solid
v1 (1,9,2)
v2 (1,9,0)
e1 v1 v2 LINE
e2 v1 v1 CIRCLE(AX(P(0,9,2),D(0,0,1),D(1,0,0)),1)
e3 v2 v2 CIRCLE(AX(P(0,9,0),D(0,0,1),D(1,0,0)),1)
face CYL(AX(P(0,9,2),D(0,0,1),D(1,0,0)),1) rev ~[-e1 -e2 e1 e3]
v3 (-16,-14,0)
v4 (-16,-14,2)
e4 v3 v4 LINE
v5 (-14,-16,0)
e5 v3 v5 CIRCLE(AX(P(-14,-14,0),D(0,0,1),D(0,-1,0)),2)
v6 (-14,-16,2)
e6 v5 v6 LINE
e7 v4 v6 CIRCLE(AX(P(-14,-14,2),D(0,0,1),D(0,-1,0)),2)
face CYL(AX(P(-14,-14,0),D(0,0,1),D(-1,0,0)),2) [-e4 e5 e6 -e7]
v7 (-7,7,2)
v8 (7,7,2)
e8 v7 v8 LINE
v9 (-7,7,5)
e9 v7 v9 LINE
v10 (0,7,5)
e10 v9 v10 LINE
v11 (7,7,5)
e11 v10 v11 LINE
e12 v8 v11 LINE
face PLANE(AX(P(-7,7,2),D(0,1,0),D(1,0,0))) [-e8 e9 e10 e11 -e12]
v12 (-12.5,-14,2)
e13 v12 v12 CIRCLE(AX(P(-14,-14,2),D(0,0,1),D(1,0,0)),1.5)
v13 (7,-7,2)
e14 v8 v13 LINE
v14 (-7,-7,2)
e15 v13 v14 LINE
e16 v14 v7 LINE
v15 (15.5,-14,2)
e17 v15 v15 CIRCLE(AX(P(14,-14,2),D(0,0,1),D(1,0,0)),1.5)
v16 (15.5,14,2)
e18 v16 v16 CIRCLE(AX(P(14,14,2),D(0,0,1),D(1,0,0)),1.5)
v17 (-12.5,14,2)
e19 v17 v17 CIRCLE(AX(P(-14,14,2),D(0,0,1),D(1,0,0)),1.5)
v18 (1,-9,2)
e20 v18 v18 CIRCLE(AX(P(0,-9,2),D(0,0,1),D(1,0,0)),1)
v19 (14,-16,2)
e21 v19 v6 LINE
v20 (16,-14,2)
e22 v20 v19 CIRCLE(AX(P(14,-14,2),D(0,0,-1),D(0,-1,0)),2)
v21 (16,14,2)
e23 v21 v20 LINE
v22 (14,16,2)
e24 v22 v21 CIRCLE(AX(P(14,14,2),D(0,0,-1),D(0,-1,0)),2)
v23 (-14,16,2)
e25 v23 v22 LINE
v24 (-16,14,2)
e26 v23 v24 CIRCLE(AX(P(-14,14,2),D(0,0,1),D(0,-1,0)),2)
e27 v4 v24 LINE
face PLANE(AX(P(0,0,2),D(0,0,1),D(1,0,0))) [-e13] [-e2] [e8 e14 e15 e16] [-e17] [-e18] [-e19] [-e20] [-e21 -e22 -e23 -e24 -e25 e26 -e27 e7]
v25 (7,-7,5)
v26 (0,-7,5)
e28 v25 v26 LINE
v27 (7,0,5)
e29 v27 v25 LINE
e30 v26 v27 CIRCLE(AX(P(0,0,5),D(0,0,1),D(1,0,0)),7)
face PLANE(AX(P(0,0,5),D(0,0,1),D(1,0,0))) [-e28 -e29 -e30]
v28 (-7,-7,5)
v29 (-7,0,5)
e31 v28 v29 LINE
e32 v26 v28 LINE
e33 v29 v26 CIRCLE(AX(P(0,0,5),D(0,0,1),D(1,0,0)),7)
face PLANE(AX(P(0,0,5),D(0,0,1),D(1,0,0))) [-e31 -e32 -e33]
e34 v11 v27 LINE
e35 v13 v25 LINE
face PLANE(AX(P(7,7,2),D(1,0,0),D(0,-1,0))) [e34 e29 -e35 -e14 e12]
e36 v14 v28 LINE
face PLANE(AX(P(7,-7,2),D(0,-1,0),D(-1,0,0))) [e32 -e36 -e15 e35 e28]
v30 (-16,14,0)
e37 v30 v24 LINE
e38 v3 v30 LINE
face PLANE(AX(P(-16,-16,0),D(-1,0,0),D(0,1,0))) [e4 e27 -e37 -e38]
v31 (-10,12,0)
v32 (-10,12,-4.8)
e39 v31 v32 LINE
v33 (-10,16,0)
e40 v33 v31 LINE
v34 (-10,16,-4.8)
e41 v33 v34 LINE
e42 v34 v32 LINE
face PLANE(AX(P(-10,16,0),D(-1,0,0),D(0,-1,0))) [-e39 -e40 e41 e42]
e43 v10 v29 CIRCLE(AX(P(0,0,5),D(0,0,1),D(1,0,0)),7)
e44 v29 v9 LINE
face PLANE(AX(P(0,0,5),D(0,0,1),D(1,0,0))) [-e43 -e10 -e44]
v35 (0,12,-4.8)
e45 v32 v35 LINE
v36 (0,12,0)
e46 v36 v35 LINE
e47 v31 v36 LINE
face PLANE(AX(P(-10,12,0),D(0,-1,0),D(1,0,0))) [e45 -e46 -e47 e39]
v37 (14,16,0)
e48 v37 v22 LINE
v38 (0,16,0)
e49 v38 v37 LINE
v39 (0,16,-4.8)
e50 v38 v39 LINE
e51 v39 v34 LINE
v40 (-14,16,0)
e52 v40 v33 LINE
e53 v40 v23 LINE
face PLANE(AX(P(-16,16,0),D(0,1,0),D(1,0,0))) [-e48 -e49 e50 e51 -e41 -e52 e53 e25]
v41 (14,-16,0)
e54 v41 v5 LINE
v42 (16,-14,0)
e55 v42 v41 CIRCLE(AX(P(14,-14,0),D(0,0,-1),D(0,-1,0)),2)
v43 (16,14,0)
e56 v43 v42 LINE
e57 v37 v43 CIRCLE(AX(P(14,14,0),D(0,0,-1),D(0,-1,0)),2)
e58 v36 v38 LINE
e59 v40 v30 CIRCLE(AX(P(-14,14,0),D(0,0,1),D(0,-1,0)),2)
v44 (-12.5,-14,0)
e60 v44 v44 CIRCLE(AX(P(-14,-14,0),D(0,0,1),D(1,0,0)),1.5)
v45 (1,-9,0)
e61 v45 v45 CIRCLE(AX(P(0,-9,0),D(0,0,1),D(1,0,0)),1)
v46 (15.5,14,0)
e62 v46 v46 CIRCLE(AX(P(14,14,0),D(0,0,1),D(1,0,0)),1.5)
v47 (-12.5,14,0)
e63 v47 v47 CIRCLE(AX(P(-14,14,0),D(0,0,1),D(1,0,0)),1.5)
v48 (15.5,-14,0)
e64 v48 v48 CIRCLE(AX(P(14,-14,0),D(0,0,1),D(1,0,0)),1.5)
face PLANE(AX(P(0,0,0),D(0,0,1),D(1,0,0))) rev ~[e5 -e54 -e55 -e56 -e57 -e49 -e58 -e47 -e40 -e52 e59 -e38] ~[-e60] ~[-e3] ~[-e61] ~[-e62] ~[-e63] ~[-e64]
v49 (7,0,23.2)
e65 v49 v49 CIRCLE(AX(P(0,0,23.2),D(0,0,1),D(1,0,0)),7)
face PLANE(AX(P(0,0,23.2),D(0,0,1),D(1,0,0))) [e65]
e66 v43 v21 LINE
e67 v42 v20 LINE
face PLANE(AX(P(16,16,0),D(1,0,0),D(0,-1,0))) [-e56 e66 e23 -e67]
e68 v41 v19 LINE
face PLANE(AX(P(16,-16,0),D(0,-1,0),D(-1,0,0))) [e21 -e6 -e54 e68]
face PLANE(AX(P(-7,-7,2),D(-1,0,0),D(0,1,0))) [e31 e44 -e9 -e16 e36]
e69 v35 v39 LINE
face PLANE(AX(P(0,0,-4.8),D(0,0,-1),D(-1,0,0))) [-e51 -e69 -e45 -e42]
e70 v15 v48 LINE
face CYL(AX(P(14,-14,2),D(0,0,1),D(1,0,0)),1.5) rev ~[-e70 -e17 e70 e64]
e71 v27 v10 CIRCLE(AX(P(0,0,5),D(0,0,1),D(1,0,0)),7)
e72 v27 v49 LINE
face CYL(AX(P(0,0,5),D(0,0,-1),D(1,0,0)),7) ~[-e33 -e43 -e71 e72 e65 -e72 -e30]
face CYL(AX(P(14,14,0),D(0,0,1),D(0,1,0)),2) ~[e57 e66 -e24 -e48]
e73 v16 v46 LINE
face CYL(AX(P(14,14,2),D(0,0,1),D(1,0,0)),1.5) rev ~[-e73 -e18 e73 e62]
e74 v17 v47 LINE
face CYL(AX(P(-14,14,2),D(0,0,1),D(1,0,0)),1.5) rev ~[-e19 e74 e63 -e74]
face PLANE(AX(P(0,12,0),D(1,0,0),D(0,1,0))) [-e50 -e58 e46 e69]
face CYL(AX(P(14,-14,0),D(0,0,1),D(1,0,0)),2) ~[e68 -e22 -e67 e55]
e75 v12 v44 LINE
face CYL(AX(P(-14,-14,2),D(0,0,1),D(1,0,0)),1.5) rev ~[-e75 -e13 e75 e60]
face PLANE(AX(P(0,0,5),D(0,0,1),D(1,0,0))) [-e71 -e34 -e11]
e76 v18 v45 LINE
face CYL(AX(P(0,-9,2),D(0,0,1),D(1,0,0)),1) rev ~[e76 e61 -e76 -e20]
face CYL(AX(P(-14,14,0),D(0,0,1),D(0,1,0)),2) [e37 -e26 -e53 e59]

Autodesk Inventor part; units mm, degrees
ref_plane "YZ Plane" through (0, 0, 0) normal (1, 0, 0) x (0, 1, 0)
ref_plane "XZ Plane" through (0, 0, 0) normal (0, 1, 0) x (-1, 0, 0)
ref_plane "XY Plane" through (0, 0, 0) normal (0, 0, 1) x (1, 0, 0)
sketch "스케치1" plane through (0, 0, 0) normal (0, 0, 1) x (1, 0, 0)
  line L0 (-16, 16) -> (16, 16)
  line L1 (16, 16) -> (16, -16)
  line L2 (16, -16) -> (-16, -16)
  line L3 (-16, -16) -> (-16, 16)
  point P0 (0, 0)
  dimension "d0" = 32
  dimension "d1" = 32
  dimension "d2" = 16
  dimension "d3" = 16
extrude "돌출1" add sketch "스케치1" along normal blind 2
sketch "스케치2" plane through (0, 0, 2) normal (0, 0, 1) x (1, 0, 0)
  circle A0 centre (-14, 14) radius 1.5
  circle A1 centre (14, 14) radius 1.5
  circle A2 centre (-14, -14) radius 1.5
  circle A3 centre (14, -14) radius 1.5
  line L0 (-16, 16) -> (-16, -16) projected
  line L1 (16, 16) -> (-16, 16) projected
  line L2 (-16, -16) -> (16, -16) projected
  line L3 (16, -16) -> (16, 16) projected
  point P0 (0, 0)
  dimension "d6" = 3
  dimension "d7" = 3
  dimension "d8" = 3
  dimension "d9" = 3
  dimension "d10" = 28
  dimension "d12" = 28
  dimension "d13" = 2
  dimension "d14" = 14
  dimension "d15" = 2
  dimension "d16" = 2
  dimension "d17" = 2
  dimension "d18" = 2
  dimension "d19" = 2
  dimension "d20" = 2
extrude "돌출2" cut sketch "스케치2" against normal up to surface (2 mm away) contours A0 | A1 | A2 | A3
sketch "스케치3" plane through (0, 0, 2) normal (0, 0, 1) x (1, 0, 0)
  line L0 (-7, 7) -> (7, 7)
  line L1 (7, 7) -> (7, -7)
  line L2 (7, -7) -> (-7, -7)
  line L3 (-7, -7) -> (-7, 7)
  point P0 (0, 0)
  dimension "d23" = 7
  dimension "d24" = 14
  dimension "d25" = 7
  dimension "d26" = 14
extrude "돌출3" add sketch "스케치3" along normal blind 3
sketch "스케치4" plane through (0, 0, 5) normal (0, 0, 1) x (1, 0, 0)
  circle A0 centre (0, 0) radius 7
  dimension "d29" = 14
extrude "돌출4" add sketch "스케치4" along normal blind 18.2
sketch "스케치6" plane through (0, 0, 2) normal (0, 0, 1) x (1, 0, 0)
  circle A0 centre (0, 9) radius 1
  circle A1 centre (0, -9) radius 1
  line L0 (7, 7) -> (0, 7) projected
  line L1 (0, -7) -> (7, -7) projected
  line L2 (-16, 16) -> (-16, -16) projected
  point P0 (0, 0)
  dimension "d32" = 2
  dimension "d33" = 2
  dimension "d34" = 2
  dimension "d35" = 2
  dimension "d36" = 16
  dimension "d37" = 16
extrude "돌출5" cut sketch "스케치6" against normal up to surface (2 mm away)
sketch "스케치5" plane through (0, 0, 0) normal (0, 0, -1) x (-1, 0, 0)
  line L0 (-16, 16) -> (16, 16) projected
  line L1 (10, 12) -> (0, 12)
  line L2 (0, 12) -> (0, 16)
  line L3 (0, 16) -> (10, 16)
  line L4 (10, 16) -> (10, 12)
  point P0 (0, 0)
  dimension "d40" = 4
  dimension "d41" = 10
extrude "돌출6" add sketch "스케치5" along normal blind 4.8
fillet "모깎기1" radius 2 4 edges at (-16, -16, 1) (-16, 16, 1) (16, 16, 1) (16, -16, 1)
equation "\"d2\" = 0.5 * d1"
equation "\"d3\" = 0.5 * d0"
properties part number "Camera"
